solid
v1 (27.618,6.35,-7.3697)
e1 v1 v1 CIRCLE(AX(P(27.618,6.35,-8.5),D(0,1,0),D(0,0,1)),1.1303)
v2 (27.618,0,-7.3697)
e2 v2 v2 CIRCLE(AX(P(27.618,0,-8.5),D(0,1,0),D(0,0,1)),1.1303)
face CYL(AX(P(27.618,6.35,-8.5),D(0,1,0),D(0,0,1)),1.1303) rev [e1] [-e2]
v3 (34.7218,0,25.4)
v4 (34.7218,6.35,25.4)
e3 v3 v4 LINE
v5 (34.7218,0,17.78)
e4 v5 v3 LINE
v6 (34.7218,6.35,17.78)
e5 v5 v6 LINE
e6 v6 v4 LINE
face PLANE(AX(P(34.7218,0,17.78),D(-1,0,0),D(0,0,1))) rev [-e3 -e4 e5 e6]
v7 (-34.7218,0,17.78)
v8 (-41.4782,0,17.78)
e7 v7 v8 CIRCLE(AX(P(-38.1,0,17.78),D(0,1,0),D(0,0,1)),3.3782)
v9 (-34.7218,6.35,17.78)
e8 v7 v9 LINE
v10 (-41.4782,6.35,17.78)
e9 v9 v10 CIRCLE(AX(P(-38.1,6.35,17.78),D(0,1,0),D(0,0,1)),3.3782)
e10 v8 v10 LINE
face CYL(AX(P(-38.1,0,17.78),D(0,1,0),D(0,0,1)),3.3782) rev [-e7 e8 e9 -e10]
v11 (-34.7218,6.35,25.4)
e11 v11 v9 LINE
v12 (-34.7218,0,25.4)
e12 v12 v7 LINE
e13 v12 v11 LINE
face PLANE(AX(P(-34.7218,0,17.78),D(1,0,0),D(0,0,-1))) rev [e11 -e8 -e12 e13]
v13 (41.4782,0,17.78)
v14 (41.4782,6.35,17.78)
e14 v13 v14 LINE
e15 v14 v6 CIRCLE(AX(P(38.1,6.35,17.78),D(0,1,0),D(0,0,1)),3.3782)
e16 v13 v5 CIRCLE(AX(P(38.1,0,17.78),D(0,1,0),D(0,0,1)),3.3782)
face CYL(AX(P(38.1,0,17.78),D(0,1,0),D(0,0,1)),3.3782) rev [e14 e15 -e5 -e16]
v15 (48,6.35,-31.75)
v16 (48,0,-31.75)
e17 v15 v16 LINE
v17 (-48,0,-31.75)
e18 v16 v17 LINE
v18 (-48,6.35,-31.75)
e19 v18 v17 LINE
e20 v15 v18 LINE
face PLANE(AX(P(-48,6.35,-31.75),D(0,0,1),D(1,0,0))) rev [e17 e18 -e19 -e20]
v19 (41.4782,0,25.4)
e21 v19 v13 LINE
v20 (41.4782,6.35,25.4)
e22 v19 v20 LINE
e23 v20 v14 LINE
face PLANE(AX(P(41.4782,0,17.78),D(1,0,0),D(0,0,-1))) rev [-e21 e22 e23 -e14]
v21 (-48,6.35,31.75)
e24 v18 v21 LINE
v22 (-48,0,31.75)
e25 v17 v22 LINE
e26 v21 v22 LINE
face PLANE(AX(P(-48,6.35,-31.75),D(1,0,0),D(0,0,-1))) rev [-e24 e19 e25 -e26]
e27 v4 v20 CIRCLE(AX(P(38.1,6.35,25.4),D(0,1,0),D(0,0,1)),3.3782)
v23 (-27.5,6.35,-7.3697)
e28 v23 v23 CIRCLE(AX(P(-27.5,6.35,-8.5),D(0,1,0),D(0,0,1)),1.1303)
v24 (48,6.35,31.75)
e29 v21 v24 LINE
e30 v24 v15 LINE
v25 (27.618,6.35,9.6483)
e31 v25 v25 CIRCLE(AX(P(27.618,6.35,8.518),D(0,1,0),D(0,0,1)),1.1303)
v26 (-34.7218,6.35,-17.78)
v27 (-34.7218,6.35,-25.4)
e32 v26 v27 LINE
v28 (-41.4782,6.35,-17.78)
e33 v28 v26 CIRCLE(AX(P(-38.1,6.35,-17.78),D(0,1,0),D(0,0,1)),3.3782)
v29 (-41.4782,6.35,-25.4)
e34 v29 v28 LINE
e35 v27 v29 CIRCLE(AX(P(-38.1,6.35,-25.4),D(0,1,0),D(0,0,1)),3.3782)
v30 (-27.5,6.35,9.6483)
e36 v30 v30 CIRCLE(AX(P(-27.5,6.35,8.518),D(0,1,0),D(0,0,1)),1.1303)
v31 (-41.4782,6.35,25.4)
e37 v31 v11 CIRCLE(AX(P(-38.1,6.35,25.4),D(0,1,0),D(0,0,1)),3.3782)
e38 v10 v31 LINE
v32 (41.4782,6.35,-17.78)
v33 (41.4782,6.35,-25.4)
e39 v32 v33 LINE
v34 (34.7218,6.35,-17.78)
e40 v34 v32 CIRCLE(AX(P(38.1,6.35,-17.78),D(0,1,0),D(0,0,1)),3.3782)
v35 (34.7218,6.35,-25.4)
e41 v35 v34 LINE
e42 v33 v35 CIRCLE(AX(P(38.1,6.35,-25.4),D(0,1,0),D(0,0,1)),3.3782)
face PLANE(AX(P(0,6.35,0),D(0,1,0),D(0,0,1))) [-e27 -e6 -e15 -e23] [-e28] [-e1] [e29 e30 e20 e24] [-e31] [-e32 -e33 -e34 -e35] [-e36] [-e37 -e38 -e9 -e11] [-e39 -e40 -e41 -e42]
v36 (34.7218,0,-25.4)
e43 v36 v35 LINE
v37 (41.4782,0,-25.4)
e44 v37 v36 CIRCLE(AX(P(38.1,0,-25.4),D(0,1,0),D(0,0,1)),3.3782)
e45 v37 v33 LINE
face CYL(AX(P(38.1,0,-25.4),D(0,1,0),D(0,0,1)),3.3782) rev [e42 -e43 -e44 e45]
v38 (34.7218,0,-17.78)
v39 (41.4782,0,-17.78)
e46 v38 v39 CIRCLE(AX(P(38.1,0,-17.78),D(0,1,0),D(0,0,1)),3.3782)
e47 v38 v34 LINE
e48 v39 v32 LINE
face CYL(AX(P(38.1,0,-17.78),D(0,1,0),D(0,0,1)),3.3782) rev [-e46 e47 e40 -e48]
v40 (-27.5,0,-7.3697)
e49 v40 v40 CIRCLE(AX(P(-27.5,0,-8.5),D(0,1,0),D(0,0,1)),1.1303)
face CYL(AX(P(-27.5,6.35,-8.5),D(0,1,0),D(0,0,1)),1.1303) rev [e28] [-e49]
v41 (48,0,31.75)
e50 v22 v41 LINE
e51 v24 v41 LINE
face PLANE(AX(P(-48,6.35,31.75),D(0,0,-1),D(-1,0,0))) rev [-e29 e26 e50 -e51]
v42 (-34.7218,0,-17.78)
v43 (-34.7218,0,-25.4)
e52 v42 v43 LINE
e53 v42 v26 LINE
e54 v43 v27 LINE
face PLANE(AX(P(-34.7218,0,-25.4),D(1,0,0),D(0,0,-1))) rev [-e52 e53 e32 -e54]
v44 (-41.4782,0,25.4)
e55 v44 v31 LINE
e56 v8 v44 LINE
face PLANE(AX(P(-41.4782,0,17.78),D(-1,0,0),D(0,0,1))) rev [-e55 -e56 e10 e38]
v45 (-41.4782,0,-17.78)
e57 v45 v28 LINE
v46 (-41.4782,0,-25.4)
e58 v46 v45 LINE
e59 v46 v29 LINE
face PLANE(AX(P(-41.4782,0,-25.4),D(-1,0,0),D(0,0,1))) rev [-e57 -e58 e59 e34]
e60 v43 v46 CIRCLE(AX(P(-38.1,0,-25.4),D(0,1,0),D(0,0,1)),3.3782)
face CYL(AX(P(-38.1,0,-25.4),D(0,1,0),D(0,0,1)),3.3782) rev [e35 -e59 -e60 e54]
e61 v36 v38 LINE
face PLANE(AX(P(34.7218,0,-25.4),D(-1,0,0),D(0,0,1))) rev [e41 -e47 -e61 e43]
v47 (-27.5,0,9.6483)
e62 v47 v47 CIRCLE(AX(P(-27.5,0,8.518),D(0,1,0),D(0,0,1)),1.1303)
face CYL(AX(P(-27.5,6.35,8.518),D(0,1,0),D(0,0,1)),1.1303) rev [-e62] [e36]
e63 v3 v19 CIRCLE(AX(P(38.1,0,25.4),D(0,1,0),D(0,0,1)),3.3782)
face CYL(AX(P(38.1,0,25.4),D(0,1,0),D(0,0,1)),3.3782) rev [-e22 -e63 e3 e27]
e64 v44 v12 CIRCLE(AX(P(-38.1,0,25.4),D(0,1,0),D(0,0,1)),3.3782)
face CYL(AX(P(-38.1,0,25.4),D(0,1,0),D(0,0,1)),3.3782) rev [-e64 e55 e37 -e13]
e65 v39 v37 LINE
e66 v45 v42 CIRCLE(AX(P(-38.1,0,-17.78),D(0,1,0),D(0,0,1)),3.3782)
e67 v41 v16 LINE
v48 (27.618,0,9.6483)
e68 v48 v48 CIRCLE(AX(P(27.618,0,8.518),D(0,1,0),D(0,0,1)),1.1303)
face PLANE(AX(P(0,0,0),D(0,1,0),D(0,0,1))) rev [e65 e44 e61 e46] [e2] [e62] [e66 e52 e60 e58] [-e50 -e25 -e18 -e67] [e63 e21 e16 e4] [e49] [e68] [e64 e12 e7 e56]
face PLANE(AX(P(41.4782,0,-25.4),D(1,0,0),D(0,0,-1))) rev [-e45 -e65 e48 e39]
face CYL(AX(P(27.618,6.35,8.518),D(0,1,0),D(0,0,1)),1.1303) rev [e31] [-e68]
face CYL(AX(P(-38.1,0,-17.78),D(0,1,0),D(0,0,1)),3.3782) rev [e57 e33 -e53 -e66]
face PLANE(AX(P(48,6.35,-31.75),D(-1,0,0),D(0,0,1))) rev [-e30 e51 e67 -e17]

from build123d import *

# Parameters (mm, degrees)
SKETCH1_W                              = 96
SKETCH1_H                              = 63.5
MOUNT_BLOCK_DEPTH                      = 6.35
LINEAR_STAGE_4_40_TAPPED_HOLE_D        = 2.2606
OPTICAL_TABLE_1_4_0_25_DIAMETER_HOLE_D = 6.35
OPTICAL_TASBLE_CUT_EXTRUDE_DEPTH       = 6.35


with BuildPart() as part:
    # Sketch1 → Mount Block (new body)
    with BuildSketch(Plane(origin=(0, 0, 0), x_dir=(1, 0, 0), z_dir=(0, 1, 0))):
        Rectangle(SKETCH1_W, SKETCH1_H)
    extrude(amount=MOUNT_BLOCK_DEPTH)

    # Linear Stage #4-40 Tapped Hole (through all)
    with Locations(Plane(origin=(0, 6.35, 0), x_dir=(1, 0, 0), z_dir=(0, 1, 0))):
        with Locations((-27.5, 8.5), (27.618, 8.5), (27.618, -8.518), (-27.5, -8.518)):
            Hole(LINEAR_STAGE_4_40_TAPPED_HOLE_D / 2)

    # Optical Table 1/4 (0.25) Diameter Hole (through all)
    with Locations(Plane(origin=(0, 6.35, 0), x_dir=(1, 0, 0), z_dir=(0, 1, 0))):
        with Locations((-38.1, 25.4), (38.1, 25.4), (38.1, -25.4), (-38.1, -25.4)):
            Hole(OPTICAL_TABLE_1_4_0_25_DIAMETER_HOLE_D / 2)

    # Sketch6 → Optical Tasble Cut-Extrude (cut)
    with BuildSketch(Plane(origin=(0, 6.35, 0), x_dir=(1, 0, 0), z_dir=(0, 1, 0))):
        with BuildLine():
            Line((-34.7218, 25.4), (-34.7218, 17.78))
            ThreePointArc((-34.7218, 17.78), (-38.1, 14.4018), (-41.4782, 17.78))
            Line((-41.4782, 17.78), (-41.4782, 25.4))
            ThreePointArc((-41.4782, 25.4), (-38.1, 28.7782), (-34.7218, 25.4))
        make_face()
        with BuildLine():
            Line((41.4782, 25.4), (41.4782, 17.78))
            ThreePointArc((41.4782, 17.78), (38.1, 14.4018), (34.7218, 17.78))
            Line((34.7218, 17.78), (34.7218, 25.4))
            ThreePointArc((34.7218, 25.4), (38.1, 28.7782), (41.4782, 25.4))
        make_face()
        with BuildLine():
            Line((41.4782, -17.78), (41.4782, -25.4))
            ThreePointArc((41.4782, -25.4), (38.1, -28.7782), (34.7218, -25.4))
            Line((34.7218, -25.4), (34.7218, -17.78))
            ThreePointArc((34.7218, -17.78), (38.1, -14.4018), (41.4782, -17.78))
        make_face()
        with BuildLine():
            Line((-34.7218, -17.78), (-34.7218, -25.4))
            ThreePointArc((-34.7218, -25.4), (-38.1, -28.7782), (-41.4782, -25.4))
            Line((-41.4782, -25.4), (-41.4782, -17.78))
            ThreePointArc((-41.4782, -17.78), (-38.1, -14.4018), (-34.7218, -17.78))
        make_face()
    extrude(amount=-OPTICAL_TASBLE_CUT_EXTRUDE_DEPTH, mode=Mode.SUBTRACT)


solid = part.part
